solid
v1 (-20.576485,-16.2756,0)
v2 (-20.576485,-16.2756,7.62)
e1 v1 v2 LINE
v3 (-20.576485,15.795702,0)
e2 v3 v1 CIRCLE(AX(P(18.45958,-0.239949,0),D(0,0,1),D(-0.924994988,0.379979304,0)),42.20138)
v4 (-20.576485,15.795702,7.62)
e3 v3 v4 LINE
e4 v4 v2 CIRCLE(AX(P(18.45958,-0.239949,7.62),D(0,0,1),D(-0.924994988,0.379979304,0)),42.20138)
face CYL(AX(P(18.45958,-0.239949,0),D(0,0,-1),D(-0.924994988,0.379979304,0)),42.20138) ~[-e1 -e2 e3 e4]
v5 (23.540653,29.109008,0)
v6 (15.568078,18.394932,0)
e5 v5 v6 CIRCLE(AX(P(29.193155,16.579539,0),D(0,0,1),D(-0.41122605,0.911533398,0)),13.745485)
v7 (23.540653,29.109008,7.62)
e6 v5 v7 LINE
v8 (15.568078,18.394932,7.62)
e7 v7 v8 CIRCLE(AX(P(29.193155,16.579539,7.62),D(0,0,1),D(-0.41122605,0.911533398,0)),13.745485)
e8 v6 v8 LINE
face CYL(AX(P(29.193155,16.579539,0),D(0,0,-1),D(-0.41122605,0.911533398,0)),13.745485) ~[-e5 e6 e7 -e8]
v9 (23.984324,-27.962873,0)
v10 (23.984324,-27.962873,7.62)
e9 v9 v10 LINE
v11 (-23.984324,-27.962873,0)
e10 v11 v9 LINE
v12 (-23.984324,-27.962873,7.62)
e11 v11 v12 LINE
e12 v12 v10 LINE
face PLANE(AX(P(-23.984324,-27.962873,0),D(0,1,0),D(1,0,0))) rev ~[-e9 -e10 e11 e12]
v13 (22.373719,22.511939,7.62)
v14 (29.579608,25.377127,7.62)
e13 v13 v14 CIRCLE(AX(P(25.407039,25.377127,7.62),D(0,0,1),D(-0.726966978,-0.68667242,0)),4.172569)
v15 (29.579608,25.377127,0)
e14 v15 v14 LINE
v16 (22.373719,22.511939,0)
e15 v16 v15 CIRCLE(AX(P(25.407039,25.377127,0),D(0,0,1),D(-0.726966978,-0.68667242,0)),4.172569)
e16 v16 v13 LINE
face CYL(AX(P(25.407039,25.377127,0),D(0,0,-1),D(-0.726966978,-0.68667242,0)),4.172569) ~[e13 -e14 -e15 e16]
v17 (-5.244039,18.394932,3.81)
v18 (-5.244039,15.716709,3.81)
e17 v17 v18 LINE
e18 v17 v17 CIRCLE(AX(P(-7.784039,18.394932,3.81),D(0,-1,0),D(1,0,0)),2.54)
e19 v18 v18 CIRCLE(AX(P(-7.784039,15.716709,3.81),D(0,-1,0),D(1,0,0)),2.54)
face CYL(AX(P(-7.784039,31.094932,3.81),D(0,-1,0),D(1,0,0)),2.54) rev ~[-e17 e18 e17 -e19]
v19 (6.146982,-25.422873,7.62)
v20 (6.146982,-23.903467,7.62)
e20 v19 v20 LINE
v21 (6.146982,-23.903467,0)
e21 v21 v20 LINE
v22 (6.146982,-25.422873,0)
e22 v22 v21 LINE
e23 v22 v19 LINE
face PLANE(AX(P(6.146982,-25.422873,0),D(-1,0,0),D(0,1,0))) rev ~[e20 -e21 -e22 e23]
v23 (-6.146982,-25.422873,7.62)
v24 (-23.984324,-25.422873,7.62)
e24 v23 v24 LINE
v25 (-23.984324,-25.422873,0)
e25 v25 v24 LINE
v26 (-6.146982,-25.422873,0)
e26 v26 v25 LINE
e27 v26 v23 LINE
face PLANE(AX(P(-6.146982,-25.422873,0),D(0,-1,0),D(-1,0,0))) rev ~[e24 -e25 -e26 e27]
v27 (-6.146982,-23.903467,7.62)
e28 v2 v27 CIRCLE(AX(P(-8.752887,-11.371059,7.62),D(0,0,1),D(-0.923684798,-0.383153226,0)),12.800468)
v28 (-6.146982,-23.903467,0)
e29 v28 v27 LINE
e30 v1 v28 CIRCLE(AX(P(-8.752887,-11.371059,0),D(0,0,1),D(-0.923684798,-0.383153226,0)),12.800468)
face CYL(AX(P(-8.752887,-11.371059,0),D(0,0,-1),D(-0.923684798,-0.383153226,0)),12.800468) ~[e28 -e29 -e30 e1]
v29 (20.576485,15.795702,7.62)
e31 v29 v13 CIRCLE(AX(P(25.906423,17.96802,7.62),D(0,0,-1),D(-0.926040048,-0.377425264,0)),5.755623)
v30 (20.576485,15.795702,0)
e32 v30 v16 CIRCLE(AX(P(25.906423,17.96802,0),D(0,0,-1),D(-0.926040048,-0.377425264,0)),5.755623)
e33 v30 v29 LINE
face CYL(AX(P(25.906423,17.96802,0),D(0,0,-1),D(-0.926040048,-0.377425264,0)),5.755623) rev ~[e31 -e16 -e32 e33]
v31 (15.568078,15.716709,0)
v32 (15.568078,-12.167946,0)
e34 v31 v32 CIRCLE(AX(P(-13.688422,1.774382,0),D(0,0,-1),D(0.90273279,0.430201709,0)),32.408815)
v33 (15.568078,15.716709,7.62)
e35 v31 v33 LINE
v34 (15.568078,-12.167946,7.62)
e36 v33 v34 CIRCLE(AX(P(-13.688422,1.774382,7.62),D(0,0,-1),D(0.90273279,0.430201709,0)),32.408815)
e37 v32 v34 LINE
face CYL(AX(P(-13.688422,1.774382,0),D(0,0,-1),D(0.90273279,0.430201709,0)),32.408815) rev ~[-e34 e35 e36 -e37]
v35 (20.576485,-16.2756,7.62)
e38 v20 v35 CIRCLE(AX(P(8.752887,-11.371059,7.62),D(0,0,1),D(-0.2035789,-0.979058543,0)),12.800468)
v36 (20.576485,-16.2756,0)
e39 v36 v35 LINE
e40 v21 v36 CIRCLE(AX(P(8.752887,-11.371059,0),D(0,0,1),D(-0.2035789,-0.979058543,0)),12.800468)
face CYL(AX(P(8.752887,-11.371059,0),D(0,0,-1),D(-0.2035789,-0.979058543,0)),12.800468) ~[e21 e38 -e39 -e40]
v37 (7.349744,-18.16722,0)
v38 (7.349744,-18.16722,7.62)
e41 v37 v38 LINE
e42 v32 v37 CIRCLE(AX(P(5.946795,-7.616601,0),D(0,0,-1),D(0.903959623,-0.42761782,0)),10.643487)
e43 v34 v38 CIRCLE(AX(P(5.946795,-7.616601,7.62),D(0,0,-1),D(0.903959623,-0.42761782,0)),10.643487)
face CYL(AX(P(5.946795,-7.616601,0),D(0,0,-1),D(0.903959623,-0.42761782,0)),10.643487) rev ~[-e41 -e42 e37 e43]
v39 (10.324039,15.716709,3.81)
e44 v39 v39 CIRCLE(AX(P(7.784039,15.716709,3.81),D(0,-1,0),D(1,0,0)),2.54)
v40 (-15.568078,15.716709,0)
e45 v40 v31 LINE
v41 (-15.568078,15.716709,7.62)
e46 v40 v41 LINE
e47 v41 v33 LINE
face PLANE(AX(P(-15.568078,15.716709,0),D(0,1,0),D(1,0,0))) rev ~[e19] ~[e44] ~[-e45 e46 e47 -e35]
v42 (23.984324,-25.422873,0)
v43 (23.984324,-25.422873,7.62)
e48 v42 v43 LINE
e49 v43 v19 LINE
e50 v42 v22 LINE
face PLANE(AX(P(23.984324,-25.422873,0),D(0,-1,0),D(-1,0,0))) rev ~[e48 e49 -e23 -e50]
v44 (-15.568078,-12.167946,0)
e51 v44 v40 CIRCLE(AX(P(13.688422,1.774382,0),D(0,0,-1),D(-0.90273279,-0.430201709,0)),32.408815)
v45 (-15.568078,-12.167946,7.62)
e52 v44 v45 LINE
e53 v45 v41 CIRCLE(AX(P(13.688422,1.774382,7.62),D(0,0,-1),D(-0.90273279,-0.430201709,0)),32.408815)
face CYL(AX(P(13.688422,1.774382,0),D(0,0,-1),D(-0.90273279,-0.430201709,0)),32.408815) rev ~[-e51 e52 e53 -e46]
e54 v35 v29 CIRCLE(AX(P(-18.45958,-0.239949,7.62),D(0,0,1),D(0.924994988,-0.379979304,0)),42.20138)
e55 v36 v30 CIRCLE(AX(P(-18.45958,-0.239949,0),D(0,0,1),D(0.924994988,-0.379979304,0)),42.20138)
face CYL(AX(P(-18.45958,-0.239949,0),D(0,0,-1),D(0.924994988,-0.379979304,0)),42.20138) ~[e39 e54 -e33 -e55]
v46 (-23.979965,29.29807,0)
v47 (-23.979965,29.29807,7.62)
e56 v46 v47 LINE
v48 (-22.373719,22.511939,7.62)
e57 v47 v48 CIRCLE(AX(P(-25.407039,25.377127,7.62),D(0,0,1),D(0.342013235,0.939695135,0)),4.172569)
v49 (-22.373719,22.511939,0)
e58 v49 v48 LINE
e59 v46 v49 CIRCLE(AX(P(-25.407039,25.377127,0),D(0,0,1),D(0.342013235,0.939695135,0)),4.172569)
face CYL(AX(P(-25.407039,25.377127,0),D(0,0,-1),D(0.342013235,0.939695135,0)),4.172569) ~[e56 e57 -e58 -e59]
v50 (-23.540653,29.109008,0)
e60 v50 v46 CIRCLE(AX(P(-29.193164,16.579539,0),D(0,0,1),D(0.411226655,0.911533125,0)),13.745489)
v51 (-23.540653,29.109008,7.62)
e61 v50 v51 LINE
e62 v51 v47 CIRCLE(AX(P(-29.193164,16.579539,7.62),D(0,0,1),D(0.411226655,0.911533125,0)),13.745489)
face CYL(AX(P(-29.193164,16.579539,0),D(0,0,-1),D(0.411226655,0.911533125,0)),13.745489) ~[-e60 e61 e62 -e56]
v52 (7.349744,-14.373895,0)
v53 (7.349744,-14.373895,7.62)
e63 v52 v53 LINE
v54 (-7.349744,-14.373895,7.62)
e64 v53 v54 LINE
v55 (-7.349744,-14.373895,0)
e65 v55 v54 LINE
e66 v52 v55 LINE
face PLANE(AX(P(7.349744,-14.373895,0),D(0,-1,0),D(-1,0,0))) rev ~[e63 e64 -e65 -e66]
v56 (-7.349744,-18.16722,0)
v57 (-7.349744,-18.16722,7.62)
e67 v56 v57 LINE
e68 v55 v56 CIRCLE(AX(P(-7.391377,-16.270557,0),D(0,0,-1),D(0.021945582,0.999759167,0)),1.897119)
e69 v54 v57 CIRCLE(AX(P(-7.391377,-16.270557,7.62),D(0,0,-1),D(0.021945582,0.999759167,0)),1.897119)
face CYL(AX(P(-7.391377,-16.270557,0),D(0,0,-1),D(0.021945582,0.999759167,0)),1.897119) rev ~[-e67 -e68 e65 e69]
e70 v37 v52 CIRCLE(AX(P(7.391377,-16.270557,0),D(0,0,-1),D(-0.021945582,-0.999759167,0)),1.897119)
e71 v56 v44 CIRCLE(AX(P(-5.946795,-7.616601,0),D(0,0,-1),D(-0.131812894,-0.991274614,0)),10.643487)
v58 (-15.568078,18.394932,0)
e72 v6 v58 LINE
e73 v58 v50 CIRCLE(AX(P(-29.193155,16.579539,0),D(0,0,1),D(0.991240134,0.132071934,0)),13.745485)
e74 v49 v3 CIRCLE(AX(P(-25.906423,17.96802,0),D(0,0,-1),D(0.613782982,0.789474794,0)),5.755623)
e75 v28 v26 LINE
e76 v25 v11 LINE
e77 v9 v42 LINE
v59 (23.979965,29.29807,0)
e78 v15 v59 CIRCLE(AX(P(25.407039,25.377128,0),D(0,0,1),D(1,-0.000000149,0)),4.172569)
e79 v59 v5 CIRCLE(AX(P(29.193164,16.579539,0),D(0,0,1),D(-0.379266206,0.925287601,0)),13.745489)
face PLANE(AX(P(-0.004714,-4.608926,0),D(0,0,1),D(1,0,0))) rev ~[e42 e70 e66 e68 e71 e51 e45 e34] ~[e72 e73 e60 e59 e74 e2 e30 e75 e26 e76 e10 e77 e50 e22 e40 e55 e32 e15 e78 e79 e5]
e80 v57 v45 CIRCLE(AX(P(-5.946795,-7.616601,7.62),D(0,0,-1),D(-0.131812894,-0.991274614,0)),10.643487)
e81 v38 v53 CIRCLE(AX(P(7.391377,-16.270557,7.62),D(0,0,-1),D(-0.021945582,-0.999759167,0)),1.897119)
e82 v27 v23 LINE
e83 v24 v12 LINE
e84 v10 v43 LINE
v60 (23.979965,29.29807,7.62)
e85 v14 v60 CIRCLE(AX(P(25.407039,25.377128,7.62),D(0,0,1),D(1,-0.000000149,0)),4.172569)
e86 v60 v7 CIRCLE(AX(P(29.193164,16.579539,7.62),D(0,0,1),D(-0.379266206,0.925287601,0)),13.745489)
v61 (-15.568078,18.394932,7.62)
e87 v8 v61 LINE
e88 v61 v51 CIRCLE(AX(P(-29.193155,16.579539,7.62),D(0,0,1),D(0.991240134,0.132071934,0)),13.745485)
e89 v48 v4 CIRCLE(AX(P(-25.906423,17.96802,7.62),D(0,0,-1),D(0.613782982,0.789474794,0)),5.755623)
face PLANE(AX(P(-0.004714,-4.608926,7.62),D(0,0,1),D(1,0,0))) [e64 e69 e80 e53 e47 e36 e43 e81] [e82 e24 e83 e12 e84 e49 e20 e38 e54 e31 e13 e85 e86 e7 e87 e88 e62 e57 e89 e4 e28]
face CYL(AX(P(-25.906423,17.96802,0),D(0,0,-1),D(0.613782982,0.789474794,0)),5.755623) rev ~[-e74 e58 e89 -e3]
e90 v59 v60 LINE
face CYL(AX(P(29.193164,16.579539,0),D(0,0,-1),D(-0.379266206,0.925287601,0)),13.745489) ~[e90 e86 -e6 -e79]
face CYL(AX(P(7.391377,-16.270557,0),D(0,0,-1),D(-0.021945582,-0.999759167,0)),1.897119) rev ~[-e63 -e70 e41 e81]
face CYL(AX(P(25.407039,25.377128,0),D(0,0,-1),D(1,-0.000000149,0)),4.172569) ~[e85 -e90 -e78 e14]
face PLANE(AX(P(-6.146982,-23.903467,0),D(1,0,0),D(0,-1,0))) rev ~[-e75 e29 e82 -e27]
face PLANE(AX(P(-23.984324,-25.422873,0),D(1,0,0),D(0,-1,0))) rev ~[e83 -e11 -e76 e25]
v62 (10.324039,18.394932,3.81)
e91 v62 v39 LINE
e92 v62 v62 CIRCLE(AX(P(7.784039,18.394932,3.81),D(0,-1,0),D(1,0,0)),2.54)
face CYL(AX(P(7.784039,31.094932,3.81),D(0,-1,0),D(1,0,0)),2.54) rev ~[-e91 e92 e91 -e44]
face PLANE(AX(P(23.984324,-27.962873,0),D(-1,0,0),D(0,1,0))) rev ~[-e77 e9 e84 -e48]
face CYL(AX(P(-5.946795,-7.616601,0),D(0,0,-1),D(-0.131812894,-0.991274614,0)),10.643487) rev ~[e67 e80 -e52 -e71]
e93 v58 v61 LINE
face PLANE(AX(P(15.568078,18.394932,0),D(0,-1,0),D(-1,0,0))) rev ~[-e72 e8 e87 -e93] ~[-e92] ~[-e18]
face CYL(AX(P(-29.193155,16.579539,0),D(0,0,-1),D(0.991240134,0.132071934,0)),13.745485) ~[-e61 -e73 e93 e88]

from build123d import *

# Parameters (mm, degrees)
F1_DEPTH = 7.62
F3_D     = 5.08
F3_DEPTH = 12.7
F4_D     = 5.08
F4_DEPTH = 12.7


with BuildPart() as f1:
    # F0 (on Top) → F1 (new body)
    with BuildSketch(Plane.XY):
        with BuildLine():
            Line((15.568078, 18.394932), (0, 18.394932))
            Line((0, 18.394932), (-15.568078, 18.394932))
            ThreePointArc((-15.568078, 18.394932), (-18.165729, 24.785284), (-23.540653, 29.109008))
            ThreePointArc((-23.540653, 29.109008), (-21.857535, 27.570607), (-21.234469, 25.377127))
            ThreePointArc((-21.234469, 25.377127), (-21.529728, 23.83544), (-22.373719, 22.511939))
            ThreePointArc((-22.373719, 22.511939), (-20.346426, 19.455849), (-20.576485, 15.795702))
            ThreePointArc((-20.576485, 15.795702), (-23.7418, -0.239949), (-20.576485, -16.2756))
            ThreePointArc((-20.576485, -16.2756), (-14.735157, -22.687615), (-6.146982, -23.903467))
            Line((-6.146982, -23.903467), (-6.146982, -25.422873))
            Line((-6.146982, -25.422873), (-23.984324, -25.422873))
            Line((-23.984324, -25.422873), (-23.984324, -27.962873))
            Line((-23.984324, -27.962873), (0, -27.962873))
            Line((0, -27.962873), (23.984324, -27.962873))
            Line((23.984324, -27.962873), (23.984324, -25.422873))
            Line((23.984324, -25.422873), (6.146982, -25.422873))
            Line((6.146982, -25.422873), (6.146982, -23.903467))
            ThreePointArc((6.146982, -23.903467), (14.735157, -22.687615), (20.576485, -16.2756))
            ThreePointArc((20.576485, -16.2756), (23.7418, -0.239949), (20.576485, 15.795702))
            ThreePointArc((20.576485, 15.795702), (20.346426, 19.455849), (22.373719, 22.511939))
            ThreePointArc((22.373719, 22.511939), (21.298254, 26.103916), (23.540653, 29.109008))
            ThreePointArc((23.540653, 29.109008), (18.165729, 24.785284), (15.568078, 18.394932))
        make_face()
        with BuildLine():
            Line((-15.568078, 15.716709), (0, 15.716709))
            Line((0, 15.716709), (15.568078, 15.716709))
            ThreePointArc((15.568078, 15.716709), (18.720393, 1.774382), (15.568078, -12.167946))
            ThreePointArc((15.568078, -12.167946), (12.222243, -16.213262), (7.349744, -18.16722))
            ThreePointArc((7.349744, -18.16722), (5.494258, -16.270557), (7.349744, -14.373895))
            Line((7.349744, -14.373895), (0, -14.373895))
            Line((0, -14.373895), (-7.349744, -14.373895))
            ThreePointArc((-7.349744, -14.373895), (-5.494258, -16.270557), (-7.349744, -18.16722))
            ThreePointArc((-7.349744, -18.16722), (-12.222243, -16.213262), (-15.568078, -12.167946))
            ThreePointArc((-15.568078, -12.167946), (-18.720393, 1.774382), (-15.568078, 15.716709))
        make_face(mode=Mode.SUBTRACT)
        with BuildLine():
            ThreePointArc((23.979965, 29.29807), (23.759487, 29.20545), (23.540653, 29.109008))
            ThreePointArc((23.540653, 29.109008), (21.298254, 26.103916), (22.373719, 22.511939))
            ThreePointArc((22.373719, 22.511939), (26.948726, 21.499817), (29.579608, 25.377127))
            ThreePointArc((29.579608, 25.377127), (27.800339, 28.795087), (23.979965, 29.29807))
        make_face()
        with BuildLine():
            ThreePointArc((-21.234469, 25.377127), (-21.857535, 27.570607), (-23.540653, 29.109008))
            ThreePointArc((-23.540653, 29.109008), (-23.759487, 29.20545), (-23.979965, 29.29807))
            ThreePointArc((-23.979965, 29.29807), (-29.467417, 24.416054), (-22.373719, 22.511939))
            ThreePointArc((-22.373719, 22.511939), (-21.529728, 23.83544), (-21.234469, 25.377127))
        make_face()
    extrude(amount=F1_DEPTH)

    # F3
    with Locations(Plane(origin=(0, 18.394932, 0), x_dir=(-1, 0, 0), z_dir=(0, 1, 0))):
        with Locations((7.784039, 3.81)):
            Hole(F3_D / 2, depth=F3_DEPTH)

    # F4
    with Locations(Plane(origin=(0, 18.394932, 0), x_dir=(-1, 0, 0), z_dir=(0, 1, 0))):
        with Locations((-7.784039, 3.81)):
            Hole(F4_D / 2, depth=F4_DEPTH)


solid = f1.part
